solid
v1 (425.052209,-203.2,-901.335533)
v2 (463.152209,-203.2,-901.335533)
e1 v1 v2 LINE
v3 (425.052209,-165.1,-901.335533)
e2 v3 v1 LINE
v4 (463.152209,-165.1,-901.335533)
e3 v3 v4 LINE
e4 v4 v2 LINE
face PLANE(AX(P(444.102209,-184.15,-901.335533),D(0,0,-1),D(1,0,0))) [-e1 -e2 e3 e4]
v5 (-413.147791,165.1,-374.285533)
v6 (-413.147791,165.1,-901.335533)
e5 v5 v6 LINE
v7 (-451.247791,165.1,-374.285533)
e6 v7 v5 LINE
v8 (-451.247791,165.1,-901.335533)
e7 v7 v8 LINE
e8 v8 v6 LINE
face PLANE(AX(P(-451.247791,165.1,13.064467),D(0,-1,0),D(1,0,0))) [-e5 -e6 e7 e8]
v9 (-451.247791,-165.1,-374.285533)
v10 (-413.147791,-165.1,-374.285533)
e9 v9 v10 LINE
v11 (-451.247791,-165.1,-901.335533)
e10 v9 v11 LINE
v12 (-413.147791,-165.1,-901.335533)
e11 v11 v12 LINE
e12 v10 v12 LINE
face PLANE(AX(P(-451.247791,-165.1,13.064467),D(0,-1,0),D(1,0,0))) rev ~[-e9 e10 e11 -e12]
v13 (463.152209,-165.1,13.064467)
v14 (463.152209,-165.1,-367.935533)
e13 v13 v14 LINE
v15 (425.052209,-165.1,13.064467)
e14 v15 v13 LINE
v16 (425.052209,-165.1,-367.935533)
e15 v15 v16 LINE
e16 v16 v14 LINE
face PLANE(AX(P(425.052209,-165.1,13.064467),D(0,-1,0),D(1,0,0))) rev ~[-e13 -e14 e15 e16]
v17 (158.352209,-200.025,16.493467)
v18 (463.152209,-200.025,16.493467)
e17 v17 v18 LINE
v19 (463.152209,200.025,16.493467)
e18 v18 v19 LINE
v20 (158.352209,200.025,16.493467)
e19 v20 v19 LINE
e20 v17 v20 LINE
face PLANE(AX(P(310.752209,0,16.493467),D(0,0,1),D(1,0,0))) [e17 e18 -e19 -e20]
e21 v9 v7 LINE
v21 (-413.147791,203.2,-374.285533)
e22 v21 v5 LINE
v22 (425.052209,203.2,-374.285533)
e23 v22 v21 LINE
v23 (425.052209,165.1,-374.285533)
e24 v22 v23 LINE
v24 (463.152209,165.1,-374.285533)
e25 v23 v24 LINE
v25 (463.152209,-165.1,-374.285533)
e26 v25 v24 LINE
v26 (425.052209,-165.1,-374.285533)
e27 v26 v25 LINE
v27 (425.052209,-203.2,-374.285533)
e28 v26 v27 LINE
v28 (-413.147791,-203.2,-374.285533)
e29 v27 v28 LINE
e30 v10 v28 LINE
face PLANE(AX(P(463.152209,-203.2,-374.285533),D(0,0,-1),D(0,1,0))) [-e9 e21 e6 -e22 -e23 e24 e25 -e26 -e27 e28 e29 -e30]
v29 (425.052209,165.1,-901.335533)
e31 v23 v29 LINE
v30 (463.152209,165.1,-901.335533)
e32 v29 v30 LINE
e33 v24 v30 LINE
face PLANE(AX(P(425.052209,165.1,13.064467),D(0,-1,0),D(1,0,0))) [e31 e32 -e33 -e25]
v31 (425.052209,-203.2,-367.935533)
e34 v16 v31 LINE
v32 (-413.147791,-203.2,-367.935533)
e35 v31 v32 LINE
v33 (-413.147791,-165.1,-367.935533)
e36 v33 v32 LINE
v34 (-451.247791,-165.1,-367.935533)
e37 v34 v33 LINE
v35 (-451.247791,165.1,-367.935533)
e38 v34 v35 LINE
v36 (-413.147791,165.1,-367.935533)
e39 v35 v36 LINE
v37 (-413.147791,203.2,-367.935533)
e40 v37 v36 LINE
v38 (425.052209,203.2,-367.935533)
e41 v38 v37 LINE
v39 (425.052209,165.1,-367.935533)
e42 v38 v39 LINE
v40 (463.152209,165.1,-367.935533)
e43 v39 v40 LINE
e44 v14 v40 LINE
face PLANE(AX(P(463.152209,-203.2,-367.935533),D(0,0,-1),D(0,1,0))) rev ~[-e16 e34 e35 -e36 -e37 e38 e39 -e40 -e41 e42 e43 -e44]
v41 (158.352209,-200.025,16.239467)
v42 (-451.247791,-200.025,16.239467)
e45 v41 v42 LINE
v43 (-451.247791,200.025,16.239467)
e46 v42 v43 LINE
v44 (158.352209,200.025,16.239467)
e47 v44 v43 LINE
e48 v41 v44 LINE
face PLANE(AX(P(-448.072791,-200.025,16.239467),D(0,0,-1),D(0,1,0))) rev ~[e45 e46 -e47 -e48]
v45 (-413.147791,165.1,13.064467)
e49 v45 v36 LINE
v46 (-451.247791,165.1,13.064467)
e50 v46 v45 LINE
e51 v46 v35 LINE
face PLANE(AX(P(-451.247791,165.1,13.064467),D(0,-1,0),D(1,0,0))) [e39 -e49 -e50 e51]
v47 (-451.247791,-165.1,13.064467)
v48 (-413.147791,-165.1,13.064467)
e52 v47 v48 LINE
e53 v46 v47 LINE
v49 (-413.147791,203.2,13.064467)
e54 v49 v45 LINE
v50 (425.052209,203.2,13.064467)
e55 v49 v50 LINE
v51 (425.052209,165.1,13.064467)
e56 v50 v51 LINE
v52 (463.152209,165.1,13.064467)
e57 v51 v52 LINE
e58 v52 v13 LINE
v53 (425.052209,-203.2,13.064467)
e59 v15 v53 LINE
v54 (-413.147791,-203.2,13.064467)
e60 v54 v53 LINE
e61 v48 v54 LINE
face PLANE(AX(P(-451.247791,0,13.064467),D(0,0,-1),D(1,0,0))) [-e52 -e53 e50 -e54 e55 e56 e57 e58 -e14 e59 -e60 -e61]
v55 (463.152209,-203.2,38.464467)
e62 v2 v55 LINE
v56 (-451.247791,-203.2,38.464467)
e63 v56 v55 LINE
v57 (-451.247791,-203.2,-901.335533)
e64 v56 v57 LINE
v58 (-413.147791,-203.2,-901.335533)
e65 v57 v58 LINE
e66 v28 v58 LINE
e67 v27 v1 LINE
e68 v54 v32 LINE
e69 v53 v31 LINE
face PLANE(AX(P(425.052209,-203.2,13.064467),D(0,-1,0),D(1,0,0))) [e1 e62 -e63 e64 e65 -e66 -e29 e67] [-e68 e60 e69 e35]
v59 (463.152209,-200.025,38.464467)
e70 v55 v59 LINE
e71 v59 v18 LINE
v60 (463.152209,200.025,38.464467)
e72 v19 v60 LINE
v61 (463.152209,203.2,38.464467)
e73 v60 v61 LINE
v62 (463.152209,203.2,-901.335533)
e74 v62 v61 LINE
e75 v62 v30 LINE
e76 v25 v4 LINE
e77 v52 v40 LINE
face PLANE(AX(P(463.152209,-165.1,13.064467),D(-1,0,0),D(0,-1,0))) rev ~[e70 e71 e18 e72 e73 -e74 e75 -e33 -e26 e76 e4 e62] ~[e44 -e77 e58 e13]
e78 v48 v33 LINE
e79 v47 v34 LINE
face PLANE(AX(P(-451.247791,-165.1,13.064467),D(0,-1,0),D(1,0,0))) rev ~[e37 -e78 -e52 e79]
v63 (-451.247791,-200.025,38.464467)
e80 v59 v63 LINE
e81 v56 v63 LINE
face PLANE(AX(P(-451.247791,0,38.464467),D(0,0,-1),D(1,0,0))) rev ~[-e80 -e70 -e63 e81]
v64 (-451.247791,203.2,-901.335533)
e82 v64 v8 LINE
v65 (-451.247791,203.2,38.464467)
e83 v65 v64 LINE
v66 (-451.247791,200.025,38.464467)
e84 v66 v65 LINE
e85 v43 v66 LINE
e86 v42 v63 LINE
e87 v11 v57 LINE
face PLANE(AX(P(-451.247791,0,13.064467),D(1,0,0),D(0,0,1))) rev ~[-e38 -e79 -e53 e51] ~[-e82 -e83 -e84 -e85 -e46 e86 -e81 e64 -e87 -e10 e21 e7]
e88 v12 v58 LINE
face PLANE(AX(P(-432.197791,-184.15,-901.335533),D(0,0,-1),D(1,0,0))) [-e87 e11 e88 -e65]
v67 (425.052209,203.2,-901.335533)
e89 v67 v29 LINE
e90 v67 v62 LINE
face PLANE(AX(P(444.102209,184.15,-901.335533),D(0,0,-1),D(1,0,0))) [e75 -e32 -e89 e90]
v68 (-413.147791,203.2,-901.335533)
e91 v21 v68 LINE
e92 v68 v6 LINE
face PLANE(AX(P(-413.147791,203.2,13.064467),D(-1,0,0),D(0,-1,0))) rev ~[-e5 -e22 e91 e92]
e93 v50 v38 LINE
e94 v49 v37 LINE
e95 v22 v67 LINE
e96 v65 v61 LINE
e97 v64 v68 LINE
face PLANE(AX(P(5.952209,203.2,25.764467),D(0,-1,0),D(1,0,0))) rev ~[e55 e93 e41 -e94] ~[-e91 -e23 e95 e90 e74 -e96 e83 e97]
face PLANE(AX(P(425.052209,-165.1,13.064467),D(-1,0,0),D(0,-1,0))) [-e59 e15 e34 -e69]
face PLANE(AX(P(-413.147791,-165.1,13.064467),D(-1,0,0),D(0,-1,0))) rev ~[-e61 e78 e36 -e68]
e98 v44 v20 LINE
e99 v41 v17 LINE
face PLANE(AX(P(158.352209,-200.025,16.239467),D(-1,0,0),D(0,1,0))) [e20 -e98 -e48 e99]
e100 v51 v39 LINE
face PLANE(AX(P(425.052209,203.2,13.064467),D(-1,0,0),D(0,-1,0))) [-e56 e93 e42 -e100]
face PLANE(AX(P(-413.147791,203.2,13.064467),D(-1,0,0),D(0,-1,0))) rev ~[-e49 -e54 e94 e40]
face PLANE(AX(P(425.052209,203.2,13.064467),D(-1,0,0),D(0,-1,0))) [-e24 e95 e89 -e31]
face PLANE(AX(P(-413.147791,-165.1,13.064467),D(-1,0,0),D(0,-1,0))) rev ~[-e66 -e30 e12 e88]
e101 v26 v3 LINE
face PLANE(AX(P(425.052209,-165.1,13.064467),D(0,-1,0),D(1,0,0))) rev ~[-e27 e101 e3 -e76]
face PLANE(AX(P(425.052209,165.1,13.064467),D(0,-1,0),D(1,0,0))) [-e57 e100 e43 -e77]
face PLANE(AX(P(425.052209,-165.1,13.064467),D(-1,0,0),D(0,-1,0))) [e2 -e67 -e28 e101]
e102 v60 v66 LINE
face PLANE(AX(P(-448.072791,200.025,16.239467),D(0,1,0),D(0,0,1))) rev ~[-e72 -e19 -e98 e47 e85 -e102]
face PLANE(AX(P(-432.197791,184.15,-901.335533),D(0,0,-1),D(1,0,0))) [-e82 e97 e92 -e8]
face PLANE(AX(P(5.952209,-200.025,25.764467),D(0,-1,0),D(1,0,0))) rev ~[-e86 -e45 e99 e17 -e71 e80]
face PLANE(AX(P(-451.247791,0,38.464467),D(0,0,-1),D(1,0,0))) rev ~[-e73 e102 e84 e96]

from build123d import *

# Parameters (mm, degrees)
F0_W      = 914.4
F0_H      = 25.4
F1_DEPTH  = 203.2
F2_T      = -3.175
F3_W      = 38.1
F3_H      = 38.1
F4_DEPTH  = 914.4
F5_W      = 406.4
F5_H      = 6.35
F6_DEPTH  = 914.4
F7_DEPTH  = 25.4
F8_DEPTH  = 25.4
F9_W      = 304.8
F9_H      = 400.05
F10_DEPTH = 0.254


with BuildPart() as f1:
    # F0 (on Front) → F1 (new body, symmetric)
    with BuildSketch(Plane.XZ):
        with Locations((5.9522092342, 25.7644668688)):
            Rectangle(F0_W, F0_H)
    extrude(amount=F1_DEPTH, both=True)

    # F2
    f2_openings = [f1.faces().sort_by_distance(p)[0] for p in [
        (5.952209, 0, 38.464467),
    ]]
    offset(amount=F2_T, openings=f2_openings)

    # F3 (on face) → F4 (join)
    with BuildSketch(Plane(origin=(0, 0, 13.0644668688), x_dir=(1, 0, 0), z_dir=(0, 0, -1))):
        with Locations((444.1022092342, 184.15)):
            Rectangle(F3_W, F3_H)
        with Locations((444.1022092342, -184.15)):
            Rectangle(F3_W, F3_H)
        with Locations((-432.1977907658, 184.15)):
            Rectangle(F3_W, F3_H)
        with Locations((-432.1977907658, -184.15)):
            Rectangle(F3_W, F3_H)
    extrude(amount=F4_DEPTH)

    # F5 (on face) → F6 (join, through all)
    with BuildSketch(Plane.YZ.offset(463.1522092342)):
        with Locations((0, -371.1105331312)):
            Rectangle(F5_W, F5_H)
    extrude(amount=-F6_DEPTH)

    # F7 (cut): a face of the model
    f7_faces = [f1.faces().sort_by_distance(p)[0] for p in [
        (-448.0727907658, 0, 27.3519668688),
    ]]
    extrude(f7_faces, amount=-F7_DEPTH, mode=Mode.SUBTRACT)

    # F8 (cut): a face of the model
    f8_faces = [f1.faces().sort_by_distance(p)[0] for p in [
        (459.9772092342, 0, 27.3519668688),
    ]]
    extrude(f8_faces, amount=-F8_DEPTH, mode=Mode.SUBTRACT)

    # F9 (on face) → F10 (join)
    with BuildSketch(Plane.XY.offset(16.2394668688)):
        with Locations((310.7522092342, 0)):
            Rectangle(F9_W, F9_H)
    extrude(amount=F10_DEPTH)


solid = f1.part
